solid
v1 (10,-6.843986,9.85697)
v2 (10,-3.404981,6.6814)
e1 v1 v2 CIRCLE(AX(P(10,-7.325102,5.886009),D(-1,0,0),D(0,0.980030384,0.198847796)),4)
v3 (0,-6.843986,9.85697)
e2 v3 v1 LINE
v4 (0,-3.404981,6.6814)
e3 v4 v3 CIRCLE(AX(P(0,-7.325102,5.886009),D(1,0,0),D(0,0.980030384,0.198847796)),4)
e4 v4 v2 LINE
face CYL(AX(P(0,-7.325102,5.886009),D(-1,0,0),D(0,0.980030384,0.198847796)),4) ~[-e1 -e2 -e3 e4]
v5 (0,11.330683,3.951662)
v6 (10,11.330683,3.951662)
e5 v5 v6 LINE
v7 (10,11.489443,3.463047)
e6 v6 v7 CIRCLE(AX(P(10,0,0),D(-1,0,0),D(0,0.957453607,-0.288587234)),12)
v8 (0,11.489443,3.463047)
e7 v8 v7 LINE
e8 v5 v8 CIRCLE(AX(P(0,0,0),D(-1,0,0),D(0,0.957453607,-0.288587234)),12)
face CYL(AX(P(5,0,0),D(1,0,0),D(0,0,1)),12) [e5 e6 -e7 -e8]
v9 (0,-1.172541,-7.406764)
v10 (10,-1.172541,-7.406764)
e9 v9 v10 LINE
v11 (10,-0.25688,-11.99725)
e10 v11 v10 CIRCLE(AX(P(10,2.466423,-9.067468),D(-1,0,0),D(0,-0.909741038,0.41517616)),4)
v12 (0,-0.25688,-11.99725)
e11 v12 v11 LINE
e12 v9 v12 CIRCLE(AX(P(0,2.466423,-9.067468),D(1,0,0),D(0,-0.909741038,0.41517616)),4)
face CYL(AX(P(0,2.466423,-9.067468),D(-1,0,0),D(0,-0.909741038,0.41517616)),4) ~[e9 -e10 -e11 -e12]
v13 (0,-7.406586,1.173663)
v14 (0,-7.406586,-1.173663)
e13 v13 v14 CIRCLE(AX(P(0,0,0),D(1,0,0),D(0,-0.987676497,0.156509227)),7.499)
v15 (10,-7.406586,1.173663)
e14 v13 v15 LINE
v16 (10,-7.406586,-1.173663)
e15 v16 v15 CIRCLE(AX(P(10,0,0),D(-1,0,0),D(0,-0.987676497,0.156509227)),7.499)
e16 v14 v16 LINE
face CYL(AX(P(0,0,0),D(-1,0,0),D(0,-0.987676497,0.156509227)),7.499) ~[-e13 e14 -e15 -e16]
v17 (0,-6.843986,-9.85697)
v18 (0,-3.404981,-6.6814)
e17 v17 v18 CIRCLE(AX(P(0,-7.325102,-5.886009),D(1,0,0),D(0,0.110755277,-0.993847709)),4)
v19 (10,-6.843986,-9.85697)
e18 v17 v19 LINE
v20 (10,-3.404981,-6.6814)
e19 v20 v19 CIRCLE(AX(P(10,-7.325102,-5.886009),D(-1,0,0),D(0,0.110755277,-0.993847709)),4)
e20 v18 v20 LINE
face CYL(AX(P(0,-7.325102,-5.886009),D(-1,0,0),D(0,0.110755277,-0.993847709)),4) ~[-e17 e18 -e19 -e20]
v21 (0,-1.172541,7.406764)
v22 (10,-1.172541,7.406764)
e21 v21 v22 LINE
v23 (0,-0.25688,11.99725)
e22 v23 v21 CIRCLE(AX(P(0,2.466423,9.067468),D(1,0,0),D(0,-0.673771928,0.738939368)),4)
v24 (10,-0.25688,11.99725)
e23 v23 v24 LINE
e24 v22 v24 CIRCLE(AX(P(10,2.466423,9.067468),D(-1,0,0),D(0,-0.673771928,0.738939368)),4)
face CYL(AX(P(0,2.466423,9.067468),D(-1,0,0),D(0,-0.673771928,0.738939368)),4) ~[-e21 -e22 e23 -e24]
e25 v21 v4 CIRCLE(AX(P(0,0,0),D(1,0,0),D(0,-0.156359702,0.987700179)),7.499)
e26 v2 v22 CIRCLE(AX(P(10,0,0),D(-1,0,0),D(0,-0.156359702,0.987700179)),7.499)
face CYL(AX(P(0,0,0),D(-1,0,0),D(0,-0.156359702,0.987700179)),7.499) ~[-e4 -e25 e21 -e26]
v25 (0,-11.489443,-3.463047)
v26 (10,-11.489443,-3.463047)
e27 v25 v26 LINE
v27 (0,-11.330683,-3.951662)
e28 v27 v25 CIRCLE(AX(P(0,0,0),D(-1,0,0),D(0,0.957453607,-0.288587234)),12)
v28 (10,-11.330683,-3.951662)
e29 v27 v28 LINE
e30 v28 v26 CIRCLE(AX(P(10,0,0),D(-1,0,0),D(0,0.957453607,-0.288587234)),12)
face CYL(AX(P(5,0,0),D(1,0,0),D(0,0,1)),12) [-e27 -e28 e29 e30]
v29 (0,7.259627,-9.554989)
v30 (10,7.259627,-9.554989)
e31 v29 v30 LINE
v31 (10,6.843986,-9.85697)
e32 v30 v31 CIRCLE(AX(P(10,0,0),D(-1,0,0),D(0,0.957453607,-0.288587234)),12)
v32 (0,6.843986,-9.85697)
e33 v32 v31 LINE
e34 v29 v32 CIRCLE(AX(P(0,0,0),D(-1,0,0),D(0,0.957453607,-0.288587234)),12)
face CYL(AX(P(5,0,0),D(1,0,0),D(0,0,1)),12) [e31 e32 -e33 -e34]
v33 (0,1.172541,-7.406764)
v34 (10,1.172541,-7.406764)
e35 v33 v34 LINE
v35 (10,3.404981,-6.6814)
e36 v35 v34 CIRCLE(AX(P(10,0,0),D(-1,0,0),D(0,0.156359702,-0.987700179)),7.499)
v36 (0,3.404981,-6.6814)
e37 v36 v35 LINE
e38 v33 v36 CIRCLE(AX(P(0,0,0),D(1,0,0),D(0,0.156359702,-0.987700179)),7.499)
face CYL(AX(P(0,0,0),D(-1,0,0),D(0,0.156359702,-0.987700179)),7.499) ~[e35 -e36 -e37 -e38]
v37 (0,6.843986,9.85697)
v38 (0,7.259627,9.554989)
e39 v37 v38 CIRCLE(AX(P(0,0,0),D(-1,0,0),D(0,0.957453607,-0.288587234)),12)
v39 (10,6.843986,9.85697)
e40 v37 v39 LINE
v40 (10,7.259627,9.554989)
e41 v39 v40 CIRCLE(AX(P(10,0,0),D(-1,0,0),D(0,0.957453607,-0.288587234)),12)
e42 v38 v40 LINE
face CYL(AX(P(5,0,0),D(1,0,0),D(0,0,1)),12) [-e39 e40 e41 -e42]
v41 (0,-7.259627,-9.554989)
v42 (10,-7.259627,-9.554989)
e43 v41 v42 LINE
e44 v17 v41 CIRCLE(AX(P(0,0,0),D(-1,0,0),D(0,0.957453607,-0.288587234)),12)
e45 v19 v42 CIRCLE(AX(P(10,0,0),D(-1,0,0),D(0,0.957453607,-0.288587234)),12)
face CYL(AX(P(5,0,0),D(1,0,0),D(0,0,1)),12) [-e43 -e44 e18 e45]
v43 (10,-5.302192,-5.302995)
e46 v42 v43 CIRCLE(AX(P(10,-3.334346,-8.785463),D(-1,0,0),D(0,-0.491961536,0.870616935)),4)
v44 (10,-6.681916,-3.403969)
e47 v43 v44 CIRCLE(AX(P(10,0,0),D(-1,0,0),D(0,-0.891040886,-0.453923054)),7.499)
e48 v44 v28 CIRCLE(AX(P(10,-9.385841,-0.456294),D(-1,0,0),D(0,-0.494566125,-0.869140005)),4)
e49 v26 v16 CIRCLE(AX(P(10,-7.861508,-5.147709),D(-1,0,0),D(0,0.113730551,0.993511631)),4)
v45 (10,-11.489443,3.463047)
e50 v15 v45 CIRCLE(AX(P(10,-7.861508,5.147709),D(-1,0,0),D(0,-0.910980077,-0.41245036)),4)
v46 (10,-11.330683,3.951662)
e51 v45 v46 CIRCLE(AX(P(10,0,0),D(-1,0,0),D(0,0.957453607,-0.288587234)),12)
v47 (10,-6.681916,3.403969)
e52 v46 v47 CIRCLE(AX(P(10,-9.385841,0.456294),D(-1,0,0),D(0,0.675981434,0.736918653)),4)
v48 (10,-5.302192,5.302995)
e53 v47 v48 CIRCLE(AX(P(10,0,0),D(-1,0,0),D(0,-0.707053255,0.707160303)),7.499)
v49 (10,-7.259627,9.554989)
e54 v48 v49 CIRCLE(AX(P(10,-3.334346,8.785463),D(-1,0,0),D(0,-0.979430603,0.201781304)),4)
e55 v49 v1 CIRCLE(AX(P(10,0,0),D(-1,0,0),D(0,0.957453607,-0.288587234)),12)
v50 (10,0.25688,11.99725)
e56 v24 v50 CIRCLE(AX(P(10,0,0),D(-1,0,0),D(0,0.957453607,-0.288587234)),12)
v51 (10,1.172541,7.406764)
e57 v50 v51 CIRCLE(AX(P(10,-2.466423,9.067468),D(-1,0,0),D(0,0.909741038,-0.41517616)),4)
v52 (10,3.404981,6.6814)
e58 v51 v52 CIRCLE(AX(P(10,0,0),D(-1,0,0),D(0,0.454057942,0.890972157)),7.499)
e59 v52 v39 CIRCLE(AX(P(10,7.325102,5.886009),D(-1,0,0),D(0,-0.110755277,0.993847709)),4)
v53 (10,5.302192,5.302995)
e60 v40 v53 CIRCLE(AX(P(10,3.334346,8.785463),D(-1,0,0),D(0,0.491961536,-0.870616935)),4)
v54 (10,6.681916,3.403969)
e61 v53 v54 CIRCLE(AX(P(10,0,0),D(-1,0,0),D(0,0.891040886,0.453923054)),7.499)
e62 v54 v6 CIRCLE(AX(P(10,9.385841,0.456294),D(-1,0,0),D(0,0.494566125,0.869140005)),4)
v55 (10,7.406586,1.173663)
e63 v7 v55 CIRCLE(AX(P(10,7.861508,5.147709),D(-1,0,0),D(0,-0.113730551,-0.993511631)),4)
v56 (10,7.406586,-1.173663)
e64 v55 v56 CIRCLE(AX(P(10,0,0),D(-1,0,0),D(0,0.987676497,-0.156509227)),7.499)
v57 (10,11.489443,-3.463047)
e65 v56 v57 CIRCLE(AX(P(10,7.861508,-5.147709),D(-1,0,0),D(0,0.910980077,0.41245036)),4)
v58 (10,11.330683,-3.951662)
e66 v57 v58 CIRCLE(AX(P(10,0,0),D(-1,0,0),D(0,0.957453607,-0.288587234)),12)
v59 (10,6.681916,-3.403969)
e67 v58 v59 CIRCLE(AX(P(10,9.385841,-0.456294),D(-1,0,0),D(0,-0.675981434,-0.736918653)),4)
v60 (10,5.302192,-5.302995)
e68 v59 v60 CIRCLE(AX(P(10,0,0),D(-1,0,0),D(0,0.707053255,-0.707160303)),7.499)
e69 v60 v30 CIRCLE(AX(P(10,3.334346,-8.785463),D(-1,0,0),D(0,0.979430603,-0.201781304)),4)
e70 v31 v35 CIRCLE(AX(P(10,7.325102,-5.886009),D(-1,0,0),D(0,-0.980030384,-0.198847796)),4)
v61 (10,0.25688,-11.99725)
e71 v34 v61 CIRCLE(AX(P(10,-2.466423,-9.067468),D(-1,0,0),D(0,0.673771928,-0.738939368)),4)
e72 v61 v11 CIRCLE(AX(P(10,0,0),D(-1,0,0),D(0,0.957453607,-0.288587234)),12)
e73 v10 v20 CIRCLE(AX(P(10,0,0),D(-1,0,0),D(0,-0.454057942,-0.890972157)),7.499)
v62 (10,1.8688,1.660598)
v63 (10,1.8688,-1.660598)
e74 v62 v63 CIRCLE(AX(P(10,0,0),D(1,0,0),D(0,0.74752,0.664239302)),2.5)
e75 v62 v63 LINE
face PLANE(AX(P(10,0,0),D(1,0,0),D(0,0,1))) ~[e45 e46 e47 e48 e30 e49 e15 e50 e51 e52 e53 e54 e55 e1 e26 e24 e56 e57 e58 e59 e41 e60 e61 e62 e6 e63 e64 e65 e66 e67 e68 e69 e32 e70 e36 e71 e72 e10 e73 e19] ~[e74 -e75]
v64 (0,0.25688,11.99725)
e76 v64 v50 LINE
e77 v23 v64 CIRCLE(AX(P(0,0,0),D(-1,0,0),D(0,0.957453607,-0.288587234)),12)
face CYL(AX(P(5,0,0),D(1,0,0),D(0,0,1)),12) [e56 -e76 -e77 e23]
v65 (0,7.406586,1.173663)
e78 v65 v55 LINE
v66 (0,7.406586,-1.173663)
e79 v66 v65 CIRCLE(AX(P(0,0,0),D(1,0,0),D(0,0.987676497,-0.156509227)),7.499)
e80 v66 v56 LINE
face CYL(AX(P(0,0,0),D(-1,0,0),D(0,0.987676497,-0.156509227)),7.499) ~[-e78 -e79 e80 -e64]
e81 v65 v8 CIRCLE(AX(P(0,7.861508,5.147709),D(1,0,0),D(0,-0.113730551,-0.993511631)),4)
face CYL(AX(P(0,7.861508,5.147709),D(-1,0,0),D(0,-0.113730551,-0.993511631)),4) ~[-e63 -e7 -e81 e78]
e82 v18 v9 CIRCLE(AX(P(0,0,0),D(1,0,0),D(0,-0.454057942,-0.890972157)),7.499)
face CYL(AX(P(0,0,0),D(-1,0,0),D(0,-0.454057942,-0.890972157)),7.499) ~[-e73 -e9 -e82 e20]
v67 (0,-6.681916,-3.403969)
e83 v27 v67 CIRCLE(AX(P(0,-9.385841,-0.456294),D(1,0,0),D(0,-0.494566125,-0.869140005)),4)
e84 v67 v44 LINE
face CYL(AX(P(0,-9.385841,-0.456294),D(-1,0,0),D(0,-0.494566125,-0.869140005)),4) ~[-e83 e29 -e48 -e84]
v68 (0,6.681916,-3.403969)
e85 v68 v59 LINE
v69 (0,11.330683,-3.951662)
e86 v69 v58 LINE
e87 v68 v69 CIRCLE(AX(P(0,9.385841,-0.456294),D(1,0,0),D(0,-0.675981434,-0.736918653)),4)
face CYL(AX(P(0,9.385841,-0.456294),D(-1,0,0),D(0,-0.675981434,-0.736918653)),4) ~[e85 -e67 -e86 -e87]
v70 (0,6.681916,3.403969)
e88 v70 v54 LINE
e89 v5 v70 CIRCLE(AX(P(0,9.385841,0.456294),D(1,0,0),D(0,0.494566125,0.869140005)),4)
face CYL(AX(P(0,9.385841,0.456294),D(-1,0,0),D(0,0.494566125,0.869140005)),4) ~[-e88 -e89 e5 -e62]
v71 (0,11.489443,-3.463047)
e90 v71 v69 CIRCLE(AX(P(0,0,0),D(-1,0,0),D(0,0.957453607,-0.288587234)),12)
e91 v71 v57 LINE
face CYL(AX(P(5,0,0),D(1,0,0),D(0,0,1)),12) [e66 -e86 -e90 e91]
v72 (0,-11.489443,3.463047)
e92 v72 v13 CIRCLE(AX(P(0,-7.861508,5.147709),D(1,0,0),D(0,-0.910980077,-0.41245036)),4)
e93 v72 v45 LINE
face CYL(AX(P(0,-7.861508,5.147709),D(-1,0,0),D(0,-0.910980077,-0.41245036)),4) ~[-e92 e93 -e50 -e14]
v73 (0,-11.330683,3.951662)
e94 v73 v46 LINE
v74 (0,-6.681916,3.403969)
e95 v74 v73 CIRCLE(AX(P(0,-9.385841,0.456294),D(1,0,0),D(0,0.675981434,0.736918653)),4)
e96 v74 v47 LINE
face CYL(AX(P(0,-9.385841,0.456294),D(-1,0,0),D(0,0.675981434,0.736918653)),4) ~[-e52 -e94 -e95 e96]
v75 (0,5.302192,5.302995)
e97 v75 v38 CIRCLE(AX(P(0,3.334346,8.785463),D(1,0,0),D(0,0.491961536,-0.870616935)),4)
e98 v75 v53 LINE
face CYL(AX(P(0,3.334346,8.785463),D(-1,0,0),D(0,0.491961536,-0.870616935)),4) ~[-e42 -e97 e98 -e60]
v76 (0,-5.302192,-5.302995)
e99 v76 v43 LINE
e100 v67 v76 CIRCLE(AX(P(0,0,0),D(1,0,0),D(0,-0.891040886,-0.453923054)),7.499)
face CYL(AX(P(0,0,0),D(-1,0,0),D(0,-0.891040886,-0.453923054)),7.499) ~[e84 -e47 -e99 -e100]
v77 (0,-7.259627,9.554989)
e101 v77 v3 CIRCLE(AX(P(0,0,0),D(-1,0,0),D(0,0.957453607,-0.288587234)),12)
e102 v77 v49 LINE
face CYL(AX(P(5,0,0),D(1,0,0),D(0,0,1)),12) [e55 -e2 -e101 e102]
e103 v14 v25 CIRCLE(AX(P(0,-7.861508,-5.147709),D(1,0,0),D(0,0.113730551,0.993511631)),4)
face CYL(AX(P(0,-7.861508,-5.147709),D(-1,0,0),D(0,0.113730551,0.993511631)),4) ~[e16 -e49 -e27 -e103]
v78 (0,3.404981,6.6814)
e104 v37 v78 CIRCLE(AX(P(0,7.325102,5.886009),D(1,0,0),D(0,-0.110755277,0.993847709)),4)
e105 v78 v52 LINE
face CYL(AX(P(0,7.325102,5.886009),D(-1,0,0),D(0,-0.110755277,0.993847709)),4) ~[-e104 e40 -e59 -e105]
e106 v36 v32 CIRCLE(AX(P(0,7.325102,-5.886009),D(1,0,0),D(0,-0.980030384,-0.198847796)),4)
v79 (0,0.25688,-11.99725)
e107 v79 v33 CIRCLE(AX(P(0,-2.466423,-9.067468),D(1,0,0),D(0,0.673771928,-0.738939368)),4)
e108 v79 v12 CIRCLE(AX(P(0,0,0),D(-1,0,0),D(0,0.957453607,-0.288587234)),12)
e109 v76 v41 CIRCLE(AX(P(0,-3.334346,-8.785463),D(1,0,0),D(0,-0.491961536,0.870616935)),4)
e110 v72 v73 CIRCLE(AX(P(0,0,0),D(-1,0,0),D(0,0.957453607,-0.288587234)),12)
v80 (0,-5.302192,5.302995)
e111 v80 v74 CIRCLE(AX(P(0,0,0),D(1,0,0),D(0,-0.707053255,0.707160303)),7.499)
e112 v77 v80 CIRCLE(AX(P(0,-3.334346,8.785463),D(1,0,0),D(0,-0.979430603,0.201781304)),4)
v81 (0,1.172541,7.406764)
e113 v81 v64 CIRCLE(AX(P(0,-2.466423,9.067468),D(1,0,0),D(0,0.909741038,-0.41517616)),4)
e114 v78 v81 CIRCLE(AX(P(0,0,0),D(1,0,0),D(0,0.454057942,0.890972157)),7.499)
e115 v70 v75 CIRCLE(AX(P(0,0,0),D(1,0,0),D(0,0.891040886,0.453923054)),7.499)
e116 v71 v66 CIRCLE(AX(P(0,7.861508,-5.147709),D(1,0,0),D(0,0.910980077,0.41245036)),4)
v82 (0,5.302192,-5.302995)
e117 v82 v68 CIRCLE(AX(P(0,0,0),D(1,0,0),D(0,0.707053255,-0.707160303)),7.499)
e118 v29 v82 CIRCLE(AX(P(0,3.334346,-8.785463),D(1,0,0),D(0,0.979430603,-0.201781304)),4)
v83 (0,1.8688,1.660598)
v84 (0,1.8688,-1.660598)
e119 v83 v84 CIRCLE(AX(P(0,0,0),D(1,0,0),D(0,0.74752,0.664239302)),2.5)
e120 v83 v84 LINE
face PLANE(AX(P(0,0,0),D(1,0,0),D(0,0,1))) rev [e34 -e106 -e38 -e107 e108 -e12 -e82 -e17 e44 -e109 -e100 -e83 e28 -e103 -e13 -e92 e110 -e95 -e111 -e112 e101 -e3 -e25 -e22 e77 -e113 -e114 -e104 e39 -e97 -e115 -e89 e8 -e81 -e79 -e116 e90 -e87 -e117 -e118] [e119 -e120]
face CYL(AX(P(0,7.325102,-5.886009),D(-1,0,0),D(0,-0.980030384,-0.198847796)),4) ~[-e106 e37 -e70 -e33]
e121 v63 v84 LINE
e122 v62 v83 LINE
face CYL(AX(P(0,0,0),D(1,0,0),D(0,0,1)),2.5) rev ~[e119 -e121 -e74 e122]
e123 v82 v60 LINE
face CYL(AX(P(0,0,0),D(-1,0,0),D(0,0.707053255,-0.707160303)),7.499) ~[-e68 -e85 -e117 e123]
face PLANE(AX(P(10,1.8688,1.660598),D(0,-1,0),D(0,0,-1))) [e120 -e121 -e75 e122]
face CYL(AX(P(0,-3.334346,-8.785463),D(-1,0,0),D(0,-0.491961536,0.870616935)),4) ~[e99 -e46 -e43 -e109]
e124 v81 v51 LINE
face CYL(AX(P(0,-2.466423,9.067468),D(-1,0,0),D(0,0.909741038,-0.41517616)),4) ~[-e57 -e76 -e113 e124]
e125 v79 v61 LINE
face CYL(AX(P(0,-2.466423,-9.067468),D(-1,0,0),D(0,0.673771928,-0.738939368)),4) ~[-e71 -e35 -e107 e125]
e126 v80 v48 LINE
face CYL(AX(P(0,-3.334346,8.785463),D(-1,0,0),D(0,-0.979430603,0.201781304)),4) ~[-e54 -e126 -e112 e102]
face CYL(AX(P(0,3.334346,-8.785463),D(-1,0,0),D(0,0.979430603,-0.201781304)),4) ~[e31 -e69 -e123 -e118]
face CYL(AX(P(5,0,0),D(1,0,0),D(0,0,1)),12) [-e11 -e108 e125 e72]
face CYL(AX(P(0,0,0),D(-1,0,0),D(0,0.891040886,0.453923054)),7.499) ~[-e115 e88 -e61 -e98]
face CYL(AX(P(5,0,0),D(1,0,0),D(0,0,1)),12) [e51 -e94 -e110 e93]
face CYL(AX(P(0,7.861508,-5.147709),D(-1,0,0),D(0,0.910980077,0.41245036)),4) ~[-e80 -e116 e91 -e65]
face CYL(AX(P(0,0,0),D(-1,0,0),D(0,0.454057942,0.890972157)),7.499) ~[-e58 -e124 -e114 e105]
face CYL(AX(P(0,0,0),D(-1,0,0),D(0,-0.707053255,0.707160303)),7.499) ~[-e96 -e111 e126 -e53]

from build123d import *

# Parameters (mm, degrees)
BASPROSKE_W         = 10
BASPROSKE_H         = 12
TOOTHCUT_DEPTH      = 20.697715604
TEETHCUTS_COUNT     = 10
TEETHCUTS_ANGLE     = 324
BORSKE_R            = 2.5
BORE_DEPTH          = 50.0000508
BOSS_EXTRUDE1_DEPTH = 10


with BuildPart() as part:
    # BasProSke → Base-Revolve (revolve)
    with BuildSketch(Plane(origin=(0, 0, 0), x_dir=(1, 0, 0), z_dir=(0, 1, 0)), mode=Mode.PRIVATE) as base_revolve_sk:
        with Locations((5, 6)):
            Rectangle(BASPROSKE_W, BASPROSKE_H)
    revolve(base_revolve_sk.sketch.rotate(Axis((-10, 0, 0), (1, 0, 0)), 180), axis=Axis((-10, 0, 0), (1, 0, 0)))

    # TooCutSke → ToothCut (cut, through all)
    with BuildSketch(Plane(origin=(0, 0, 0), x_dir=(0, 0, -1), z_dir=(1, 0, 0))):
        with BuildLine():
            ThreePointArc((1.173662691, 7.406586048), (0, 7.499), (-1.173662691, 7.406586048))
            ThreePointArc((-1.173662691, 7.406586048), (-1.668191438, 9.834565786), (-3.497907776, 11.50542856))
            ThreePointArc((-3.497907776, 11.50542856), (0, 12.0254), (3.497907776, 11.50542856))
            ThreePointArc((3.497907776, 11.50542856), (1.668191438, 9.834565786), (1.173662691, 7.406586048))
        make_face()
    toothcut = extrude(amount=TOOTHCUT_DEPTH, mode=Mode.SUBTRACT)

    # TeethCuts: ToothCut ×10 about axis
    teethcuts_axis = Axis((-10, 0, 0), (1, 0, 0))
    for i in range(1, TEETHCUTS_COUNT):
        add(toothcut.rotate(teethcuts_axis, i * TEETHCUTS_ANGLE / (TEETHCUTS_COUNT - 1)), mode=Mode.SUBTRACT)

    # BorSke → Bore (cut, symmetric)
    with BuildSketch(Plane(origin=(0, 0, 0), x_dir=(0, 0, -1), z_dir=(1, 0, 0))):
        with Locations(Location((0, 0, 0), (0, 0, 180))):
            Circle(BORSKE_R)
    extrude(amount=BORE_DEPTH, both=True, mode=Mode.SUBTRACT)

    # Sketch1 → Boss-Extrude1 (add)
    with BuildSketch(Plane(origin=(10, 0, 0), x_dir=(0, 0, -1), z_dir=(1, 0, 0))):
        with BuildLine():
            Line((-1.660598254, 1.8688), (1.660598254, 1.8688))
            ThreePointArc((1.660598254, 1.8688), (0, 2.5), (-1.660598254, 1.8688))
        make_face()
    extrude(amount=-BOSS_EXTRUDE1_DEPTH)


solid = part.part
